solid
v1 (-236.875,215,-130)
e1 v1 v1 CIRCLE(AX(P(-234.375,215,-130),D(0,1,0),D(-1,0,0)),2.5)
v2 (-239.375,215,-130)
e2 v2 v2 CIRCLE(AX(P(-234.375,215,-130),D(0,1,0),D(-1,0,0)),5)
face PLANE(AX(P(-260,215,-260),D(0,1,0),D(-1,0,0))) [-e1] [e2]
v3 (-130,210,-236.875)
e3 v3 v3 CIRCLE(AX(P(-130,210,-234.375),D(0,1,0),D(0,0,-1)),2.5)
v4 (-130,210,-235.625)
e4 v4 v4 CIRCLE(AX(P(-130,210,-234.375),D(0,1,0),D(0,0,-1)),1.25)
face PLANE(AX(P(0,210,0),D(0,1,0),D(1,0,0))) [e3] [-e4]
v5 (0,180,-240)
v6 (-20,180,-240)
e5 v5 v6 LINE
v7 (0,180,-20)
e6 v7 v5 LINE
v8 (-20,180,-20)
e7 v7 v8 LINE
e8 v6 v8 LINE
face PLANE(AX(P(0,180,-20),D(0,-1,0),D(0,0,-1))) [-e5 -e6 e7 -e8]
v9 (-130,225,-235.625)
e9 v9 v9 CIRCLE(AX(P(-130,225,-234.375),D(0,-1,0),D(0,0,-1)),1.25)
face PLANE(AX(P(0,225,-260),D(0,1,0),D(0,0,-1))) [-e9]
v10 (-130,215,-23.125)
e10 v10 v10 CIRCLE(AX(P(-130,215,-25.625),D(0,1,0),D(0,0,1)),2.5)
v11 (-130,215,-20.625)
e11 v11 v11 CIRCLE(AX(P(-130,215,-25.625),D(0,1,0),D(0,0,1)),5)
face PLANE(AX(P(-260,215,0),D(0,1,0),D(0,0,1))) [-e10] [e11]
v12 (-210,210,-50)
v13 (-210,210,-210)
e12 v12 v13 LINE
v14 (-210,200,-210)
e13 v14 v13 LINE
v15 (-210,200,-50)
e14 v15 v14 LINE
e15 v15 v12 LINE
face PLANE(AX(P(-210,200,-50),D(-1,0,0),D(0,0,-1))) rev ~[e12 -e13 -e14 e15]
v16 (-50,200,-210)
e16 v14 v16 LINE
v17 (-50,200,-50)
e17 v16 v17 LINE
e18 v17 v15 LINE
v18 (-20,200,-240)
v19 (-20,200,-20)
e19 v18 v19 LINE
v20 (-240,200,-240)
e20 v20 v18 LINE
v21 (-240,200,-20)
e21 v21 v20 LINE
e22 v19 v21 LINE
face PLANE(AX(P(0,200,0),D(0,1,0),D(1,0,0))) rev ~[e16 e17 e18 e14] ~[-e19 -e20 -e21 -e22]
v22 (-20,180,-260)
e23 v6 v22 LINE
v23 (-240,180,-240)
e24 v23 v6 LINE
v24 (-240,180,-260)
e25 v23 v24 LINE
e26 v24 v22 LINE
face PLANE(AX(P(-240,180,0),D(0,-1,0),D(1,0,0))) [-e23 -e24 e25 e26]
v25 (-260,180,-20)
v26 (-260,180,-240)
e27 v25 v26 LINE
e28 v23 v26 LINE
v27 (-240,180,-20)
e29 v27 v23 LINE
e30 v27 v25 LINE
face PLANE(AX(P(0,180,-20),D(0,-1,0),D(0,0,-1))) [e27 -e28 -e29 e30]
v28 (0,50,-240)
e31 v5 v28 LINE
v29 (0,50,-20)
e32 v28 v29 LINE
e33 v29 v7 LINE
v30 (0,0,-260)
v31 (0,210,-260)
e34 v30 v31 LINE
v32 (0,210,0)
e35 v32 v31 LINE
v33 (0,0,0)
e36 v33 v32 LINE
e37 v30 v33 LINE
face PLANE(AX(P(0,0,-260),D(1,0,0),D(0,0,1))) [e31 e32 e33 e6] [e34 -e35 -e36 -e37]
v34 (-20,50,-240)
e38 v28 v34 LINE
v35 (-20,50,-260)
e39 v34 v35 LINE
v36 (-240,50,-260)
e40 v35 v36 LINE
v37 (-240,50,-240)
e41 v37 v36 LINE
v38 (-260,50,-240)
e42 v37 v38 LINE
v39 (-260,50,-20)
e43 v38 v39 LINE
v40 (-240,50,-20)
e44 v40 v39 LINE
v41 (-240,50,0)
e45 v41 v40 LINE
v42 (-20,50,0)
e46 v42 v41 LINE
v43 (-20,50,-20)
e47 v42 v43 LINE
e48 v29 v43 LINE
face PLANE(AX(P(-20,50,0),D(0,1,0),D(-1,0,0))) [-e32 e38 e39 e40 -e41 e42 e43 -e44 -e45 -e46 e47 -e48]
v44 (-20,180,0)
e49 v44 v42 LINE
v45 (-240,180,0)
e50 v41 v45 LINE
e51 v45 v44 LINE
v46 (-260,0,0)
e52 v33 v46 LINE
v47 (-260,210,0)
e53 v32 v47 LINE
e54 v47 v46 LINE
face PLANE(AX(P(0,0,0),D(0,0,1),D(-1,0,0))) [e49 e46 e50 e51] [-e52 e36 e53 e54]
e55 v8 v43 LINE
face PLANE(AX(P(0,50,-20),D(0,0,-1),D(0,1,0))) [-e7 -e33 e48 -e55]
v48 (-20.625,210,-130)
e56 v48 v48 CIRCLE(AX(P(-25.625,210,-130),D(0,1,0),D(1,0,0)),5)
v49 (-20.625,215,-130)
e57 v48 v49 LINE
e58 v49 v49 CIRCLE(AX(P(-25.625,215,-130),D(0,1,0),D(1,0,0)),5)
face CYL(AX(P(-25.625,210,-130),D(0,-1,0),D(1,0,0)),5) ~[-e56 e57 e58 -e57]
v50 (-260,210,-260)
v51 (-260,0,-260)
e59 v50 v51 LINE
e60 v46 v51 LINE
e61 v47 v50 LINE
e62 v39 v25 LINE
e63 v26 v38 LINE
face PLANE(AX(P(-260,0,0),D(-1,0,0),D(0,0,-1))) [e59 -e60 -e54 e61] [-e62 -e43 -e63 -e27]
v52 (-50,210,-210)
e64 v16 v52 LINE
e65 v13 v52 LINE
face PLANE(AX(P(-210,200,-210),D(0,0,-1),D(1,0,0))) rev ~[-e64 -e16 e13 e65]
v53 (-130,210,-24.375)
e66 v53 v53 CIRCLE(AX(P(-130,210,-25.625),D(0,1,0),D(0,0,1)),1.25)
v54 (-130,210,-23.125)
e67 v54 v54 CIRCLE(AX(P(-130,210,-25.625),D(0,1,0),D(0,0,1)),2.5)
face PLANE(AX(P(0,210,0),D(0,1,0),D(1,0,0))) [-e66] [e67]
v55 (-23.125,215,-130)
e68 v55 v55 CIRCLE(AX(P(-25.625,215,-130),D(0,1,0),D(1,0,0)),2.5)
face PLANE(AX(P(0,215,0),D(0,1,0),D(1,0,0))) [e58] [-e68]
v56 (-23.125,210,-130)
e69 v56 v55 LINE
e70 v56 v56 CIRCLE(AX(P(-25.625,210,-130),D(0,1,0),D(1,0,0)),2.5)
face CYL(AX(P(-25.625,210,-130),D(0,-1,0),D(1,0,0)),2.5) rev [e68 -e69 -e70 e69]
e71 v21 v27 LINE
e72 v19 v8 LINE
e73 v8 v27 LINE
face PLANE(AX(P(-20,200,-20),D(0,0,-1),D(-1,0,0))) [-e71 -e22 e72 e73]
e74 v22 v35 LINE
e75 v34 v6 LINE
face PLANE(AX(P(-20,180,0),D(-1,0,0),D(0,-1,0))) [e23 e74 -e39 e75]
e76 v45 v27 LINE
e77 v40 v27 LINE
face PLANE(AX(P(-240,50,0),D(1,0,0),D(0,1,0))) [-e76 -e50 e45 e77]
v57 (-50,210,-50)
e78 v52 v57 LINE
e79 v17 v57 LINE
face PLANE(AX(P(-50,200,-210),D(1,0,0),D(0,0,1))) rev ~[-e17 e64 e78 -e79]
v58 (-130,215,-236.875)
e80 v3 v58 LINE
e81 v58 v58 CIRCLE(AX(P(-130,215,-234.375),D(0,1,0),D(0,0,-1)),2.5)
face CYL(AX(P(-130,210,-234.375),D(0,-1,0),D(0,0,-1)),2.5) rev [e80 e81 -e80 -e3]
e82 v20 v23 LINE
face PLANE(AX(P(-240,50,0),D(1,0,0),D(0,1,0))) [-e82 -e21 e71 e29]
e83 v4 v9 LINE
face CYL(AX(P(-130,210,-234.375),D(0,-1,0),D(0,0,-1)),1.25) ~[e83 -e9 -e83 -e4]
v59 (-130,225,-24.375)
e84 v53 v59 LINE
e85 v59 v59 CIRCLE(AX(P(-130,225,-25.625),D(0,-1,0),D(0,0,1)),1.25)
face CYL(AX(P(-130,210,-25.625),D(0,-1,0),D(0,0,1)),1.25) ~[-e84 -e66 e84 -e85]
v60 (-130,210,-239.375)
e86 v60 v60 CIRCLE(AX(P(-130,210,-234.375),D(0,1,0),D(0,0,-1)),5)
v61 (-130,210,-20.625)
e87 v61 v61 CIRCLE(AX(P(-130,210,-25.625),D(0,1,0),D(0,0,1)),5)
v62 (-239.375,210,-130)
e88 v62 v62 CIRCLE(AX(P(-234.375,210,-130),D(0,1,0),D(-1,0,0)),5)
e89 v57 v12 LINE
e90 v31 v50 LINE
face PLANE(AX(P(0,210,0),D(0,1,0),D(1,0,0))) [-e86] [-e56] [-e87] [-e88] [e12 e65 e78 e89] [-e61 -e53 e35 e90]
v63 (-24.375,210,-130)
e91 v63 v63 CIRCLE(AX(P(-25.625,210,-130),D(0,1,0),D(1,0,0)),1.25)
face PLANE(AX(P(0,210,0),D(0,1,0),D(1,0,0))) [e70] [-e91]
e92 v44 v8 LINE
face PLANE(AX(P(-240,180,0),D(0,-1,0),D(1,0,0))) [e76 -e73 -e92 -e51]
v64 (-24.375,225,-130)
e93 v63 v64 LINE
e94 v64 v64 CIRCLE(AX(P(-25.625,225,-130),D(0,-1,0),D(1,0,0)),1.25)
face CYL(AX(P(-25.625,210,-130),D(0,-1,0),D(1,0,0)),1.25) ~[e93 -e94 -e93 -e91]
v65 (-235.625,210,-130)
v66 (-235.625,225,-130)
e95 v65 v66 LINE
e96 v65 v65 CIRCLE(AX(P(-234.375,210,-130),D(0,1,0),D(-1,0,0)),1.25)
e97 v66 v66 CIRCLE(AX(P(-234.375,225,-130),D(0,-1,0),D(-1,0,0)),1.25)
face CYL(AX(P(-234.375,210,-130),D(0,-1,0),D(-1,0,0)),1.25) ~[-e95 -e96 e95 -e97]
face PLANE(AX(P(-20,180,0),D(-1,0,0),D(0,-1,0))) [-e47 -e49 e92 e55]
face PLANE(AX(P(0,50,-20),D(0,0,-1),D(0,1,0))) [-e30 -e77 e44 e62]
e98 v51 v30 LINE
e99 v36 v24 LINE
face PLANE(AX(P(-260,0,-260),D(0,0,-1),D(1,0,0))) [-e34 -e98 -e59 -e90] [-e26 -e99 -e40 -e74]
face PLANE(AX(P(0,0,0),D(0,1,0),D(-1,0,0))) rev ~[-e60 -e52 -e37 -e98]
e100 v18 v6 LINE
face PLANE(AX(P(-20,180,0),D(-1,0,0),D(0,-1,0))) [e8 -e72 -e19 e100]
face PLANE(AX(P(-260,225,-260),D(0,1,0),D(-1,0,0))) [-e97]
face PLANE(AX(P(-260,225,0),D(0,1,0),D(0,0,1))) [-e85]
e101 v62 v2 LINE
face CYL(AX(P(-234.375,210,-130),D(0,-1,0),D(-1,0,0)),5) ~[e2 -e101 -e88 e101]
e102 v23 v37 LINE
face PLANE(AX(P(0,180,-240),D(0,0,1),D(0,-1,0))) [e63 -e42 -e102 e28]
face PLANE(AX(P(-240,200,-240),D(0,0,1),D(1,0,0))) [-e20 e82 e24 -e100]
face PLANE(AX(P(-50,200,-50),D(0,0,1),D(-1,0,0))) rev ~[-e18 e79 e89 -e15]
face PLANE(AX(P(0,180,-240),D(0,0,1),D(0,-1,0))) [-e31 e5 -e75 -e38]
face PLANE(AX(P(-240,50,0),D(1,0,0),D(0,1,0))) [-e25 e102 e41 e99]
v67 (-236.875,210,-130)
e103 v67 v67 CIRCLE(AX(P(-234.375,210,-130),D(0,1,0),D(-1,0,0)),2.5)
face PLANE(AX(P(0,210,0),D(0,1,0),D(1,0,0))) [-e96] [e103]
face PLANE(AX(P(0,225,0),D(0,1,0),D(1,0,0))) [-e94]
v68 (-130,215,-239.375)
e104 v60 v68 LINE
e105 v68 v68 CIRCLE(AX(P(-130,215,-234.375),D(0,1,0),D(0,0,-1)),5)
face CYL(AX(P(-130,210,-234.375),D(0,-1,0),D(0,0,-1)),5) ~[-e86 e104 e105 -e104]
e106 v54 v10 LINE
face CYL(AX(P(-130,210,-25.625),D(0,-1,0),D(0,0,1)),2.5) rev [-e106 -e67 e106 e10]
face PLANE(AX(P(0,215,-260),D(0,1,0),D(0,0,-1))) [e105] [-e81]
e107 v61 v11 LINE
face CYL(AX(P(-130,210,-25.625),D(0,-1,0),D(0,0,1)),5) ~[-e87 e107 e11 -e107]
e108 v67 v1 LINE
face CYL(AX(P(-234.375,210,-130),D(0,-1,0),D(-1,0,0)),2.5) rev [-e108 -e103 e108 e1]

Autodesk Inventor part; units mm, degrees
ref_plane "YZ Plane" through (0, 0, 0) normal (1, 0, 0) x (0, 1, 0)
ref_plane "XZ Plane" through (0, 0, 0) normal (0, 1, 0) x (-1, 0, 0)
sketch "Sketch1" plane through (0, 0, 0) normal (0, 1, 0) x (-1, 0, 0)
  line L0 (0, 0) -> (260, 0)
  line L1 (260, 0) -> (260, -260)
  line L2 (260, -260) -> (0, -260)
  line L3 (0, -260) -> (0, 0)
  dimension "d0" = 260
  dimension "d1" = 260
extrude "Extrusion1" add sketch "Sketch1" along normal blind 200
sketch "Sketch2" plane through (0, 200, 0) normal (0, 1, 0) x (1, 0, 0)
  line L0 (-260, 0) -> (0, 0) projected
  line L1 (0, 0) -> (-20, 0)
  line L2 (-20, 0) -> (-20, 20)
  line L3 (-20, 20) -> (0, 20)
  line L4 (0, 20) -> (0, 0)
  line L5 (-260, 260) -> (-260, 0) projected
  line L6 (-260, 260) -> (-240, 260)
  line L7 (-240, 260) -> (-240, 240)
  line L8 (-240, 240) -> (-260, 240)
  line L9 (-260, 240) -> (-260, 260)
  line L10 (-240, 240) -> (-20, 240)
  line L11 (-20, 240) -> (-20, 20)
  line L12 (-20, 20) -> (-240, 20)
  line L13 (-240, 20) -> (-240, 240)
  dimension "d4" = 20
  dimension "d5" = 20
  dimension "d6" = 20
  dimension "d7" = 20
sketch "Sketch3" plane through (-260, 0, 0) normal (0, 0, 1) x (1, 0, 0)
  line L0 (260, 200) -> (0, 200) projected
  line L1 (0, 200) -> (20, 200)
  line L2 (20, 200) -> (20, 180)
  line L3 (20, 180) -> (0, 180)
  line L4 (0, 180) -> (0, 200)
  line L5 (260, 0) -> (240, 0)
  line L6 (240, 0) -> (240, 50)
  line L7 (240, 50) -> (260, 50)
  line L8 (260, 50) -> (260, 0)
  line L9 (20, 180) -> (240, 180)
  line L10 (240, 180) -> (240, 50)
  line L11 (240, 50) -> (20, 50)
  line L12 (20, 50) -> (20, 180)
  dimension "d8" = 20
  dimension "d9" = 20
  dimension "d10" = 20
  dimension "d11" = 50
extrude "Extrusion2" cut sketch "Sketch2" against normal blind 150 contours L12 L13 L10 L11
extrude "Extrusion3" cut sketch "Sketch3" against normal blind 260 contours L9 L10 L11 L12
ref_plane "Work Plane1" through (0, 0, -130) normal (0, 0, 1) x (1, 0, 0)
sketch "Sketch4" plane through (0, 0, 0) normal (1, 0, 0) x (0, 0, -1)
  line L0 (260, 200) -> (0, 200)
  line L1 (0, 200) -> (20, 200)
  line L2 (20, 200) -> (20, 180)
  line L3 (20, 180) -> (0, 180)
  line L4 (0, 180) -> (0, 200)
  line L5 (260, 0) -> (240, 0)
  line L6 (240, 0) -> (240, 50)
  line L7 (240, 50) -> (260, 50)
  line L8 (260, 50) -> (260, 0)
  line L9 (20, 180) -> (240, 180)
  line L10 (240, 180) -> (240, 50)
  line L11 (240, 50) -> (20, 50)
  line L12 (20, 50) -> (20, 180)
  point P0 (0, 0)
  dimension "d17" = 20
  dimension "d18" = 20
  dimension "d19" = 20
  dimension "d20" = 50
extrude "Extrusion4" cut sketch "Sketch4" against normal blind 260 contours L9 L10 L11 L12
sketch "Sketch5" plane through (0, 200, 0) normal (0, 1, 0) x (1, 0, 0)
  line L0 (-260, 0) -> (0, 0) projected
  line L1 (-260, 260) -> (0, 260)
  line L2 (0, 260) -> (0, 0)
  line L3 (0, 0) -> (-260, 0)
  line L4 (-260, 0) -> (-260, 260)
  line L5 (-260, 260) -> (-210, 260)
  line L6 (-210, 260) -> (-210, 210)
  line L7 (-210, 210) -> (-260, 210)
  line L8 (-260, 210) -> (-260, 260)
  line L9 (0, 0) -> (-50, 0)
  line L10 (-50, 0) -> (-50, 50)
  line L11 (-50, 50) -> (0, 50)
  line L12 (0, 50) -> (0, 0)
  line L13 (-50, 50) -> (-210, 50)
  line L14 (-210, 50) -> (-210, 210)
  line L15 (-210, 210) -> (-50, 210)
  line L16 (-50, 210) -> (-50, 50)
  dimension "d23" = 50
  dimension "d24" = 50
  dimension "d25" = 50
  dimension "d26" = 50
extrude "Extrusion5" add sketch "Sketch5" along normal blind 10 contours L4 L7 L14 L13 L10 L0 | L10 L11 L2 L0 | L4 L1 L6 L7 | L16 L15 L6 L1 L2 L11
sketch "Sketch6" plane through (0, 210, 0) normal (0, 1, 0) x (1, 0, 0)
  line L0 (0, 0) -> (-130, 0)
  line L1 (-130, 0) -> (-130, 130)
  line L2 (-130, 130) -> (0, 130)
  line L3 (0, 130) -> (0, 0)
  circle A0 centre (-130, 130) radius 97.5
  circle A1 centre (-130, 130) radius 111.25
  circle A2 centre (-130, 130) radius 104.375
  circle A3 centre (-25.625, 130) radius 1.25
  dimension "d33" = 208.75
  dimension "d29" = 130
  dimension "d30" = 130
  dimension "d31" = 195
  dimension "d32" = 222.5
  dimension "d43" = 2.5
sketch "Sketch7" plane through (0, 210, 0) normal (0, 1, 0) x (1, 0, 0)
  circle A0 centre (-25.625, 130) radius 2.5 projected
  circle A1 centre (-25.625, 130) radius 5
  point P0 (0, 0)
  dimension "d37" = 10
extrude "Extrusion7" add sketch "Sketch7" along normal blind 5
sketch "Sketch8" plane through (0, 50, 0) normal (0, 1, 0) x (1, 0, 0)
  line L0 (-20, 0) -> (-240, 0) projected
  line L1 (0, 240) -> (0, 20) projected
  point P0 (0, 0)
  point P1 (-130, 0)
  point P2 (0, 130)
  point P3 (-130, 130)
extrude "Extrusion8" add sketch "Sketch6" along normal blind 15 contours A3 A2 L2 | L2 A2 A3 | A2 L2 A3 | A3 L2 A2
pattern_circular "Circular Pattern2" count 4 over 360 about axis through (-130, 50, -130) along (0, 1, 0) of "Extrusion8", "Extrusion7"
properties part number "BaseMk1"
